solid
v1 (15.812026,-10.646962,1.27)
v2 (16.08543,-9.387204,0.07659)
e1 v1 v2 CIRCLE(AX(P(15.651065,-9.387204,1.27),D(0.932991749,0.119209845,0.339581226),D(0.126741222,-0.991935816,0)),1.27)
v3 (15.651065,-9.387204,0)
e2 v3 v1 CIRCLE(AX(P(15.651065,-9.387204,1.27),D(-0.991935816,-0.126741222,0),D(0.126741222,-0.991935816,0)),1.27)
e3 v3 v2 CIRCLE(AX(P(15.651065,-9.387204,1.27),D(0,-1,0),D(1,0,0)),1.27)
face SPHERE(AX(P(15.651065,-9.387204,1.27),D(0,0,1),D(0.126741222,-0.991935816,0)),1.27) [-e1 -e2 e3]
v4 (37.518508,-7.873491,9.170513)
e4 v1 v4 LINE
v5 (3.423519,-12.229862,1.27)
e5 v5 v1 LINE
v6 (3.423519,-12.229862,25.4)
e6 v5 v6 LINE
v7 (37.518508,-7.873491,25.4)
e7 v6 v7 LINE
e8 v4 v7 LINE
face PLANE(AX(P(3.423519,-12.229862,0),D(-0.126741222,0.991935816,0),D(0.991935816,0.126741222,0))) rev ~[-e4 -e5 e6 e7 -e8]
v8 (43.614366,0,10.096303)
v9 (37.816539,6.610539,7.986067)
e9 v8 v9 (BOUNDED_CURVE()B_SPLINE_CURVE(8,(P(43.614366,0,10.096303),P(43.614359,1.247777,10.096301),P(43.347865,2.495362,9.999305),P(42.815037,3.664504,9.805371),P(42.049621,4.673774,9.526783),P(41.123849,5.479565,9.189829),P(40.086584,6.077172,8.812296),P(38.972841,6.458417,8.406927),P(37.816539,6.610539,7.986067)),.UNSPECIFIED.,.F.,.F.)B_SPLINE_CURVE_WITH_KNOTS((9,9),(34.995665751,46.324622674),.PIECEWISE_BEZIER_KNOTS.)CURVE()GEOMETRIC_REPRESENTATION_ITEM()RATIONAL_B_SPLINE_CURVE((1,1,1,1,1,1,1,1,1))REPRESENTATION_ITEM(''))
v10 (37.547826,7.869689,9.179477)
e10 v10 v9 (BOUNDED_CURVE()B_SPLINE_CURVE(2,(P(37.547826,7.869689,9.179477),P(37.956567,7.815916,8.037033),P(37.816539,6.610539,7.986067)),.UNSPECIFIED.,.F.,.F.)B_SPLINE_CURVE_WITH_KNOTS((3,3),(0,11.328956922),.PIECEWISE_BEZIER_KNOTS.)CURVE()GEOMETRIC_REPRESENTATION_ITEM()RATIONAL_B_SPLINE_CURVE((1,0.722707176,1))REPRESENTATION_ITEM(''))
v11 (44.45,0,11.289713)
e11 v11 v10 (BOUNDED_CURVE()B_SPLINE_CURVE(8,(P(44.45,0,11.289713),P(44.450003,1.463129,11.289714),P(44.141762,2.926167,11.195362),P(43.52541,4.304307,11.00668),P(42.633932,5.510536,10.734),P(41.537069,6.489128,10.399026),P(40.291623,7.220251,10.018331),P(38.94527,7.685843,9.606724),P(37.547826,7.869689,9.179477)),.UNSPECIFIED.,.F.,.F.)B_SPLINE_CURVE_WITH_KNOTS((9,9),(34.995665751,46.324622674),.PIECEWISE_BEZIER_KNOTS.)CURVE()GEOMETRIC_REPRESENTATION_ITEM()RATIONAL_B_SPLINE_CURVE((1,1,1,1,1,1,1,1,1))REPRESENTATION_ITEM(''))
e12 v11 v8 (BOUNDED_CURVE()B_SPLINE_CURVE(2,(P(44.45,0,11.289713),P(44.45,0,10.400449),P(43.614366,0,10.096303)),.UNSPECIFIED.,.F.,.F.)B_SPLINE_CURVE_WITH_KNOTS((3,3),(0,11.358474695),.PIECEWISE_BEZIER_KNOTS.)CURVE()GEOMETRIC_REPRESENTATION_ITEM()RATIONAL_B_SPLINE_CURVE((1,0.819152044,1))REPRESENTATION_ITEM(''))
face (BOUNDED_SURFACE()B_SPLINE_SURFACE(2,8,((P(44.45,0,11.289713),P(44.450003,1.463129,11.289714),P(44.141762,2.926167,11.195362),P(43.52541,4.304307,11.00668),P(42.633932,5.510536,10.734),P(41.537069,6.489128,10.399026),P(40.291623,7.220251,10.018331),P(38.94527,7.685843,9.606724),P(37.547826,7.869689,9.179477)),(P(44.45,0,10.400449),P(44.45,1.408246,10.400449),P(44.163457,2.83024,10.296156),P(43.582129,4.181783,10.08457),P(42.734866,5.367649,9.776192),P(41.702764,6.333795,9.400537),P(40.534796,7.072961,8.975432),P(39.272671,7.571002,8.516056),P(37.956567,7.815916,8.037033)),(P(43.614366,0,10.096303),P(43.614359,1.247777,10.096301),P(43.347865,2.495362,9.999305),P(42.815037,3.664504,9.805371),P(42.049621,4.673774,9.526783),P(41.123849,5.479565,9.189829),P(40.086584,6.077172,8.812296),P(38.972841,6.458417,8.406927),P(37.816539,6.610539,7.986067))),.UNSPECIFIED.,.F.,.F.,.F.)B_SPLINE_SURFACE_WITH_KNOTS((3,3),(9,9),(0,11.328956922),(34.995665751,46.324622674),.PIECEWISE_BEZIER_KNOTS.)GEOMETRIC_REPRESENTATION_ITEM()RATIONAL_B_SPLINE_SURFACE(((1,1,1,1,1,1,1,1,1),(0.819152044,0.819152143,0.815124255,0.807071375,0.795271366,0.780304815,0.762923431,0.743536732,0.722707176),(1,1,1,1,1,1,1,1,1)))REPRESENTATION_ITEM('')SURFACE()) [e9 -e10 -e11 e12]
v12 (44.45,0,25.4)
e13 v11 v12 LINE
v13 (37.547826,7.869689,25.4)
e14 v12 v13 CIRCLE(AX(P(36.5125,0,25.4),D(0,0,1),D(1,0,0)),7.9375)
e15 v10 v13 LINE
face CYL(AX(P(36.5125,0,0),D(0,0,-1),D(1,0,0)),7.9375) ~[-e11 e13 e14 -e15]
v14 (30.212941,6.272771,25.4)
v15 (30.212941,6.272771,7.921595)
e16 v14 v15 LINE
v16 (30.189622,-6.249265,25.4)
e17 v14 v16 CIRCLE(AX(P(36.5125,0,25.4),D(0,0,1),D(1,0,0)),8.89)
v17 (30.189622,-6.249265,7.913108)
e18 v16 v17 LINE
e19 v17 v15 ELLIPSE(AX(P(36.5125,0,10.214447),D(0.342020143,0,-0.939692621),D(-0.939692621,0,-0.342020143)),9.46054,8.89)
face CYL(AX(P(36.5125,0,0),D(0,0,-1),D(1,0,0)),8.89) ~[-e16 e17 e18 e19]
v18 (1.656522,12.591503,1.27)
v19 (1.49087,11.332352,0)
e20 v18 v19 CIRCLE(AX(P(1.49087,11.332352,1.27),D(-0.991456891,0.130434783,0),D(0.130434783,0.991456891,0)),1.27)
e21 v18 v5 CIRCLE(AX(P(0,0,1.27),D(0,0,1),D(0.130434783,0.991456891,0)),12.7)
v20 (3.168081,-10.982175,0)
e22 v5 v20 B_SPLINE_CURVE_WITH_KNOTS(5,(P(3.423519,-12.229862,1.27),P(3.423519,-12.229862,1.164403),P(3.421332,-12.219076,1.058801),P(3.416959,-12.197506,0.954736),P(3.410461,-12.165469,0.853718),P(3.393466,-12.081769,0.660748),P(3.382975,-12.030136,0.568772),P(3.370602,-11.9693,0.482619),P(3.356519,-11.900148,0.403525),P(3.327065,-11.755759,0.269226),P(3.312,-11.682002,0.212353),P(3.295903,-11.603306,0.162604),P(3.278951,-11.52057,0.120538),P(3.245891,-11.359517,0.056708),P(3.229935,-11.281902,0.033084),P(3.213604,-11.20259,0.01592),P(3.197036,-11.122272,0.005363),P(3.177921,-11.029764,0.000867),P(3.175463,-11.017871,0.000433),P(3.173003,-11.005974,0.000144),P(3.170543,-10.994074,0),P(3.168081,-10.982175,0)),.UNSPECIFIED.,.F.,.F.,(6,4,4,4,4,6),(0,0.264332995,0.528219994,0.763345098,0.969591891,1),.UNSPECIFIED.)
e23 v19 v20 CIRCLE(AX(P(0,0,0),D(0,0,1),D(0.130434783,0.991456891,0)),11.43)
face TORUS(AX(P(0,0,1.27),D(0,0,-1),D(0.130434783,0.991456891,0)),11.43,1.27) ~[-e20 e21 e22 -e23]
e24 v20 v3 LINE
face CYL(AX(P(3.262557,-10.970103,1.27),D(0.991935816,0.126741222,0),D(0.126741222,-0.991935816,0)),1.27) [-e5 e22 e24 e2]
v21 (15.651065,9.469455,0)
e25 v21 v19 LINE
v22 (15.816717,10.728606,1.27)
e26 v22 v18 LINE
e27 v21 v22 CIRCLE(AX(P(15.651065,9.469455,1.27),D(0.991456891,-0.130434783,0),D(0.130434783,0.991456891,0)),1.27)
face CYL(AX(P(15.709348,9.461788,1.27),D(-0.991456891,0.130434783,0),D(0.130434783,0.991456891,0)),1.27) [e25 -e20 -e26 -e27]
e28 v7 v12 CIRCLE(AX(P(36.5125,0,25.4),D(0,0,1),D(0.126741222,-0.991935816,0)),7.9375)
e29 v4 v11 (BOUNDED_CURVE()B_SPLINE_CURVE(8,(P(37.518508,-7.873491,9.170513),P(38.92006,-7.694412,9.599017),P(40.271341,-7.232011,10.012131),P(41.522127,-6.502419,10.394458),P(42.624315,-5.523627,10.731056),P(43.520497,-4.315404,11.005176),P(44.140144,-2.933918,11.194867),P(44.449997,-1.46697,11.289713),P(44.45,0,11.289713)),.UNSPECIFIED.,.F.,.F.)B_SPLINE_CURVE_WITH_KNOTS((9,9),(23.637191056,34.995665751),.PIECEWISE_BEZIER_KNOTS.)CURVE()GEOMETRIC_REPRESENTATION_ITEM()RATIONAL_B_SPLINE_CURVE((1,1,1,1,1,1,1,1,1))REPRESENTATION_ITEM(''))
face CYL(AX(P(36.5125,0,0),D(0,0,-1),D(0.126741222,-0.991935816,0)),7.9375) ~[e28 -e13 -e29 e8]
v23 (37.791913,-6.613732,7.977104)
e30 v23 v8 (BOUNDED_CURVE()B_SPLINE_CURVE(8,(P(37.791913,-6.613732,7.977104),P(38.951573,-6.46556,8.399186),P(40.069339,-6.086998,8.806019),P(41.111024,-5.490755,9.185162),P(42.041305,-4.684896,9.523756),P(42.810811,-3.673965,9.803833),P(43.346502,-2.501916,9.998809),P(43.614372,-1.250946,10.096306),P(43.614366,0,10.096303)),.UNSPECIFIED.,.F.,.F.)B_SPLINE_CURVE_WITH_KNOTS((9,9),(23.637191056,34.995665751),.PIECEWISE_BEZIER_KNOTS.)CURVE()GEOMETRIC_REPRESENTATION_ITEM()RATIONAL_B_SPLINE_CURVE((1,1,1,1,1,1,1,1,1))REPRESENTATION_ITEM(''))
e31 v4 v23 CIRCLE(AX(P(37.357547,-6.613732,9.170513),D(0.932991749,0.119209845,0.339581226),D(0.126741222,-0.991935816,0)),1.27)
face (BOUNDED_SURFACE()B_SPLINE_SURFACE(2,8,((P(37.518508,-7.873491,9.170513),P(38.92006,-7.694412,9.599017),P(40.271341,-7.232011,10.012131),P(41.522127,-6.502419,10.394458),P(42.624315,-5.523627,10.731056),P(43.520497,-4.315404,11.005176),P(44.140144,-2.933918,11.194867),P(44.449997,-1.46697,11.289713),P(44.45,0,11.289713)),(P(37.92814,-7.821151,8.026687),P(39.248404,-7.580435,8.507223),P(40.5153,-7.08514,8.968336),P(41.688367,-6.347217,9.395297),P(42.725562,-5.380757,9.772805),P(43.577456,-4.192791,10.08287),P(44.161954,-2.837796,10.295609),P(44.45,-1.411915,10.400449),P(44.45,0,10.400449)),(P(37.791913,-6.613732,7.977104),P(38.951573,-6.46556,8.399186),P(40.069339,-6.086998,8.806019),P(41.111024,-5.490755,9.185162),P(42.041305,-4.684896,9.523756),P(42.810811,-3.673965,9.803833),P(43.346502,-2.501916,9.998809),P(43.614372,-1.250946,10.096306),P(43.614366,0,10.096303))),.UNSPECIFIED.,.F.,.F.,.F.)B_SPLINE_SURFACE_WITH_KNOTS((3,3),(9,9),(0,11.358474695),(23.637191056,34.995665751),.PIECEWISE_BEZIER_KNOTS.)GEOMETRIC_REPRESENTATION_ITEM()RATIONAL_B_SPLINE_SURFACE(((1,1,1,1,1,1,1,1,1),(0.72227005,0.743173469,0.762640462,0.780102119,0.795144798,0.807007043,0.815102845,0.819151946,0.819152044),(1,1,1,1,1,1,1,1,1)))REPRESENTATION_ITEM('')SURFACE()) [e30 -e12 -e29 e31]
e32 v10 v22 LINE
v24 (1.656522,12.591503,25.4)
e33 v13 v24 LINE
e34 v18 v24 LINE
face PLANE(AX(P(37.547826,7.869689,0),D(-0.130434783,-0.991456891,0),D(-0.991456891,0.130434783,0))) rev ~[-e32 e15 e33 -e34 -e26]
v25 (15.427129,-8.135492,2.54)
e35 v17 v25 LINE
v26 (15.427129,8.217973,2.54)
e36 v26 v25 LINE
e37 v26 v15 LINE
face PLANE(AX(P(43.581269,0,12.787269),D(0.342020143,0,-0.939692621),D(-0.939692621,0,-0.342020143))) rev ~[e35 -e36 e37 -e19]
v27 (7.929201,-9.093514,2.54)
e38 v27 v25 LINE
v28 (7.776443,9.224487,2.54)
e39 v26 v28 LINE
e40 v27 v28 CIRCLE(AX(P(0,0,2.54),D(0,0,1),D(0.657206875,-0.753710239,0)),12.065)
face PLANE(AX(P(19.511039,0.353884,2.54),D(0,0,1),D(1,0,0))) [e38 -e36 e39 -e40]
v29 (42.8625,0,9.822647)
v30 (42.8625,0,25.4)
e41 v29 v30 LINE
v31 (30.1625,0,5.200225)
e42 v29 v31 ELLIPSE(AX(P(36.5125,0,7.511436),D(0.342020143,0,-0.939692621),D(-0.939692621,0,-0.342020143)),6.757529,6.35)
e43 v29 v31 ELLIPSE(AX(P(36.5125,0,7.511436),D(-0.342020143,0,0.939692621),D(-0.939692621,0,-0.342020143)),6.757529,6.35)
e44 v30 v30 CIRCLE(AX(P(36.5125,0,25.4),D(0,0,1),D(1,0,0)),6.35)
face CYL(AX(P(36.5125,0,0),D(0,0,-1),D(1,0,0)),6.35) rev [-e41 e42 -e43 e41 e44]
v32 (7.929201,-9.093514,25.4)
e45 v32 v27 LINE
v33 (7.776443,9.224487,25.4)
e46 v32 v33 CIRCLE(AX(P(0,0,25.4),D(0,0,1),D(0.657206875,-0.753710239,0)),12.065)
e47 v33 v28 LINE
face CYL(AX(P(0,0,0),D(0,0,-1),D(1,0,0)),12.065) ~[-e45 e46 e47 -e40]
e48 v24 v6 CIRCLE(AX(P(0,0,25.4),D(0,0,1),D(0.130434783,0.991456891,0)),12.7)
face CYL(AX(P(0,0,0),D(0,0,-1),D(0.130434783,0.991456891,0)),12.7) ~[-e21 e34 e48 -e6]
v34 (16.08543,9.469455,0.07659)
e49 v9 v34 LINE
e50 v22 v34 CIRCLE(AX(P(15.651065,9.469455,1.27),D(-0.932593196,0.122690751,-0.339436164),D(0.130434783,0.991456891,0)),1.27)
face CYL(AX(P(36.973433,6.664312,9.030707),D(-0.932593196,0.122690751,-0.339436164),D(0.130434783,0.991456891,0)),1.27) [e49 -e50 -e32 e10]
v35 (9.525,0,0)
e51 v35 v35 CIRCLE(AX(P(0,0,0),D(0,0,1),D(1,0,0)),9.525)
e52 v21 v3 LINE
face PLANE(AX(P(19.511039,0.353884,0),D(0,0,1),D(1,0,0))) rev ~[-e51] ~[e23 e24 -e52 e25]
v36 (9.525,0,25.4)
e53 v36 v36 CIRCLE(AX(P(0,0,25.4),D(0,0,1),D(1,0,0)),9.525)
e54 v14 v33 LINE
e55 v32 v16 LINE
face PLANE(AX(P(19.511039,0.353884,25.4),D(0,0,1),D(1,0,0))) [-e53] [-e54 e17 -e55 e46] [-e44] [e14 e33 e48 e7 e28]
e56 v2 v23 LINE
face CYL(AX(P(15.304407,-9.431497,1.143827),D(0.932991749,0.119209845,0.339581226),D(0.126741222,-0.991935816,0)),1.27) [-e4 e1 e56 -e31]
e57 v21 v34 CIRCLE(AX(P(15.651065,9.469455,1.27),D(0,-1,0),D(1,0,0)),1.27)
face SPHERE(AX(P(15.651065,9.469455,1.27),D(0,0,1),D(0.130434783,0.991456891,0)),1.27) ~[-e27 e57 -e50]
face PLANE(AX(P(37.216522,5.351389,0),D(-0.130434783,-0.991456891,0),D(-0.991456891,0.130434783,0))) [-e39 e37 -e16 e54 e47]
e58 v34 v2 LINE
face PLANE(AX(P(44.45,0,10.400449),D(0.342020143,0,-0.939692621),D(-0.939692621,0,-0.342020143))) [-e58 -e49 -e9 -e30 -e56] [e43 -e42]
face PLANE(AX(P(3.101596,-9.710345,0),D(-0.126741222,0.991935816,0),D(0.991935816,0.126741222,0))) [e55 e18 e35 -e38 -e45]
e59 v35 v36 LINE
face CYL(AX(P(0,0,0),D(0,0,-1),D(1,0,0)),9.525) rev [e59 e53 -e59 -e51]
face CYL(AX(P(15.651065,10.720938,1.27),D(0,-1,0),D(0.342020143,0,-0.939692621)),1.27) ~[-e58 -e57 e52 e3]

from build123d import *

# Parameters (mm, degrees)
F0_R          = 9.525
F0_R_2        = 6.35
F1_DEPTH      = 25.4
F3_DEPTH      = 25.4
F3_DEPTH_BACK = 25.4
F4_R          = 1.27
F5_T          = -2.54


with BuildPart() as f1:
    # F0 (on Top) → F1 (new body)
    with BuildSketch(Plane.XY):
        with BuildLine():
            ThreePointArc((1.6565217391, 12.5915025207), (9.5479795268, 8.3741320121), (12.7, 0))
            ThreePointArc((12.7, 0), (10.1185149246, -7.6750020013), (3.4235187843, -12.229861779))
            Line((3.4235187843, -12.229861779), (37.5185084512, -7.8734905376))
            ThreePointArc((37.5185084512, -7.8734905376), (28.5750137634, 0.0147815331), (37.547826087, 7.8696890754))
            Line((37.547826087, 7.8696890754), (1.6565217391, 12.5915025207))
        make_face()
        with BuildLine():
            ThreePointArc((3.4235187843, -12.229861779), (10.1185149246, -7.6750020013), (12.7, 0))
            ThreePointArc((12.7, 0), (9.5479795268, 8.3741320121), (1.6565217391, 12.5915025207))
            ThreePointArc((1.6565217391, 12.5915025207), (-12.6679412042, -0.9018124228), (3.4235187843, -12.229861779))
        make_face()
        Circle(F0_R, mode=Mode.SUBTRACT)
        with BuildLine():
            ThreePointArc((44.45, 0), (42.4799872042, 5.2338325076), (37.547826087, 7.8696890754))
            ThreePointArc((37.547826087, 7.8696890754), (28.5750137634, 0.0147815331), (37.5185084512, -7.8734905376))
            ThreePointArc((37.5185084512, -7.8734905376), (42.4702302025, -5.244936328), (44.45, 0))
        make_face()
        with Locations((36.5125, 0)):
            Circle(F0_R_2, mode=Mode.SUBTRACT)
    extrude(amount=F1_DEPTH)

    # F2 (on Front) → F3 (cut, two sides)
    with BuildSketch(Plane.XZ) as f3_sk:
        Polygon((44.45, 10.4004494442), (15.875, 0), (44.45, 0), align=None)
    extrude(amount=-F3_DEPTH, mode=Mode.SUBTRACT)
    extrude(f3_sk.sketch, amount=F3_DEPTH_BACK, mode=Mode.SUBTRACT)

    # F4
    f4_edges = [f1.edges().sort_by_distance(p)[0] for p in [
        (26.711413, 9.295314, 3.944132),
        (-12.667941, -0.901812, 0),
        (8.765761, 11.65622, 0),
        (9.649259, -11.434389, 0),
        (15.875, 0.041011, 0),
    ]]
    fillet(f4_edges, radius=F4_R)

    # F5
    f5_openings = [f1.faces().sort_by_distance(p)[0] for p in [
        (15.37002, 0.035477, 25.4),
    ]]
    offset(amount=F5_T, openings=f5_openings)


solid = f1.part
